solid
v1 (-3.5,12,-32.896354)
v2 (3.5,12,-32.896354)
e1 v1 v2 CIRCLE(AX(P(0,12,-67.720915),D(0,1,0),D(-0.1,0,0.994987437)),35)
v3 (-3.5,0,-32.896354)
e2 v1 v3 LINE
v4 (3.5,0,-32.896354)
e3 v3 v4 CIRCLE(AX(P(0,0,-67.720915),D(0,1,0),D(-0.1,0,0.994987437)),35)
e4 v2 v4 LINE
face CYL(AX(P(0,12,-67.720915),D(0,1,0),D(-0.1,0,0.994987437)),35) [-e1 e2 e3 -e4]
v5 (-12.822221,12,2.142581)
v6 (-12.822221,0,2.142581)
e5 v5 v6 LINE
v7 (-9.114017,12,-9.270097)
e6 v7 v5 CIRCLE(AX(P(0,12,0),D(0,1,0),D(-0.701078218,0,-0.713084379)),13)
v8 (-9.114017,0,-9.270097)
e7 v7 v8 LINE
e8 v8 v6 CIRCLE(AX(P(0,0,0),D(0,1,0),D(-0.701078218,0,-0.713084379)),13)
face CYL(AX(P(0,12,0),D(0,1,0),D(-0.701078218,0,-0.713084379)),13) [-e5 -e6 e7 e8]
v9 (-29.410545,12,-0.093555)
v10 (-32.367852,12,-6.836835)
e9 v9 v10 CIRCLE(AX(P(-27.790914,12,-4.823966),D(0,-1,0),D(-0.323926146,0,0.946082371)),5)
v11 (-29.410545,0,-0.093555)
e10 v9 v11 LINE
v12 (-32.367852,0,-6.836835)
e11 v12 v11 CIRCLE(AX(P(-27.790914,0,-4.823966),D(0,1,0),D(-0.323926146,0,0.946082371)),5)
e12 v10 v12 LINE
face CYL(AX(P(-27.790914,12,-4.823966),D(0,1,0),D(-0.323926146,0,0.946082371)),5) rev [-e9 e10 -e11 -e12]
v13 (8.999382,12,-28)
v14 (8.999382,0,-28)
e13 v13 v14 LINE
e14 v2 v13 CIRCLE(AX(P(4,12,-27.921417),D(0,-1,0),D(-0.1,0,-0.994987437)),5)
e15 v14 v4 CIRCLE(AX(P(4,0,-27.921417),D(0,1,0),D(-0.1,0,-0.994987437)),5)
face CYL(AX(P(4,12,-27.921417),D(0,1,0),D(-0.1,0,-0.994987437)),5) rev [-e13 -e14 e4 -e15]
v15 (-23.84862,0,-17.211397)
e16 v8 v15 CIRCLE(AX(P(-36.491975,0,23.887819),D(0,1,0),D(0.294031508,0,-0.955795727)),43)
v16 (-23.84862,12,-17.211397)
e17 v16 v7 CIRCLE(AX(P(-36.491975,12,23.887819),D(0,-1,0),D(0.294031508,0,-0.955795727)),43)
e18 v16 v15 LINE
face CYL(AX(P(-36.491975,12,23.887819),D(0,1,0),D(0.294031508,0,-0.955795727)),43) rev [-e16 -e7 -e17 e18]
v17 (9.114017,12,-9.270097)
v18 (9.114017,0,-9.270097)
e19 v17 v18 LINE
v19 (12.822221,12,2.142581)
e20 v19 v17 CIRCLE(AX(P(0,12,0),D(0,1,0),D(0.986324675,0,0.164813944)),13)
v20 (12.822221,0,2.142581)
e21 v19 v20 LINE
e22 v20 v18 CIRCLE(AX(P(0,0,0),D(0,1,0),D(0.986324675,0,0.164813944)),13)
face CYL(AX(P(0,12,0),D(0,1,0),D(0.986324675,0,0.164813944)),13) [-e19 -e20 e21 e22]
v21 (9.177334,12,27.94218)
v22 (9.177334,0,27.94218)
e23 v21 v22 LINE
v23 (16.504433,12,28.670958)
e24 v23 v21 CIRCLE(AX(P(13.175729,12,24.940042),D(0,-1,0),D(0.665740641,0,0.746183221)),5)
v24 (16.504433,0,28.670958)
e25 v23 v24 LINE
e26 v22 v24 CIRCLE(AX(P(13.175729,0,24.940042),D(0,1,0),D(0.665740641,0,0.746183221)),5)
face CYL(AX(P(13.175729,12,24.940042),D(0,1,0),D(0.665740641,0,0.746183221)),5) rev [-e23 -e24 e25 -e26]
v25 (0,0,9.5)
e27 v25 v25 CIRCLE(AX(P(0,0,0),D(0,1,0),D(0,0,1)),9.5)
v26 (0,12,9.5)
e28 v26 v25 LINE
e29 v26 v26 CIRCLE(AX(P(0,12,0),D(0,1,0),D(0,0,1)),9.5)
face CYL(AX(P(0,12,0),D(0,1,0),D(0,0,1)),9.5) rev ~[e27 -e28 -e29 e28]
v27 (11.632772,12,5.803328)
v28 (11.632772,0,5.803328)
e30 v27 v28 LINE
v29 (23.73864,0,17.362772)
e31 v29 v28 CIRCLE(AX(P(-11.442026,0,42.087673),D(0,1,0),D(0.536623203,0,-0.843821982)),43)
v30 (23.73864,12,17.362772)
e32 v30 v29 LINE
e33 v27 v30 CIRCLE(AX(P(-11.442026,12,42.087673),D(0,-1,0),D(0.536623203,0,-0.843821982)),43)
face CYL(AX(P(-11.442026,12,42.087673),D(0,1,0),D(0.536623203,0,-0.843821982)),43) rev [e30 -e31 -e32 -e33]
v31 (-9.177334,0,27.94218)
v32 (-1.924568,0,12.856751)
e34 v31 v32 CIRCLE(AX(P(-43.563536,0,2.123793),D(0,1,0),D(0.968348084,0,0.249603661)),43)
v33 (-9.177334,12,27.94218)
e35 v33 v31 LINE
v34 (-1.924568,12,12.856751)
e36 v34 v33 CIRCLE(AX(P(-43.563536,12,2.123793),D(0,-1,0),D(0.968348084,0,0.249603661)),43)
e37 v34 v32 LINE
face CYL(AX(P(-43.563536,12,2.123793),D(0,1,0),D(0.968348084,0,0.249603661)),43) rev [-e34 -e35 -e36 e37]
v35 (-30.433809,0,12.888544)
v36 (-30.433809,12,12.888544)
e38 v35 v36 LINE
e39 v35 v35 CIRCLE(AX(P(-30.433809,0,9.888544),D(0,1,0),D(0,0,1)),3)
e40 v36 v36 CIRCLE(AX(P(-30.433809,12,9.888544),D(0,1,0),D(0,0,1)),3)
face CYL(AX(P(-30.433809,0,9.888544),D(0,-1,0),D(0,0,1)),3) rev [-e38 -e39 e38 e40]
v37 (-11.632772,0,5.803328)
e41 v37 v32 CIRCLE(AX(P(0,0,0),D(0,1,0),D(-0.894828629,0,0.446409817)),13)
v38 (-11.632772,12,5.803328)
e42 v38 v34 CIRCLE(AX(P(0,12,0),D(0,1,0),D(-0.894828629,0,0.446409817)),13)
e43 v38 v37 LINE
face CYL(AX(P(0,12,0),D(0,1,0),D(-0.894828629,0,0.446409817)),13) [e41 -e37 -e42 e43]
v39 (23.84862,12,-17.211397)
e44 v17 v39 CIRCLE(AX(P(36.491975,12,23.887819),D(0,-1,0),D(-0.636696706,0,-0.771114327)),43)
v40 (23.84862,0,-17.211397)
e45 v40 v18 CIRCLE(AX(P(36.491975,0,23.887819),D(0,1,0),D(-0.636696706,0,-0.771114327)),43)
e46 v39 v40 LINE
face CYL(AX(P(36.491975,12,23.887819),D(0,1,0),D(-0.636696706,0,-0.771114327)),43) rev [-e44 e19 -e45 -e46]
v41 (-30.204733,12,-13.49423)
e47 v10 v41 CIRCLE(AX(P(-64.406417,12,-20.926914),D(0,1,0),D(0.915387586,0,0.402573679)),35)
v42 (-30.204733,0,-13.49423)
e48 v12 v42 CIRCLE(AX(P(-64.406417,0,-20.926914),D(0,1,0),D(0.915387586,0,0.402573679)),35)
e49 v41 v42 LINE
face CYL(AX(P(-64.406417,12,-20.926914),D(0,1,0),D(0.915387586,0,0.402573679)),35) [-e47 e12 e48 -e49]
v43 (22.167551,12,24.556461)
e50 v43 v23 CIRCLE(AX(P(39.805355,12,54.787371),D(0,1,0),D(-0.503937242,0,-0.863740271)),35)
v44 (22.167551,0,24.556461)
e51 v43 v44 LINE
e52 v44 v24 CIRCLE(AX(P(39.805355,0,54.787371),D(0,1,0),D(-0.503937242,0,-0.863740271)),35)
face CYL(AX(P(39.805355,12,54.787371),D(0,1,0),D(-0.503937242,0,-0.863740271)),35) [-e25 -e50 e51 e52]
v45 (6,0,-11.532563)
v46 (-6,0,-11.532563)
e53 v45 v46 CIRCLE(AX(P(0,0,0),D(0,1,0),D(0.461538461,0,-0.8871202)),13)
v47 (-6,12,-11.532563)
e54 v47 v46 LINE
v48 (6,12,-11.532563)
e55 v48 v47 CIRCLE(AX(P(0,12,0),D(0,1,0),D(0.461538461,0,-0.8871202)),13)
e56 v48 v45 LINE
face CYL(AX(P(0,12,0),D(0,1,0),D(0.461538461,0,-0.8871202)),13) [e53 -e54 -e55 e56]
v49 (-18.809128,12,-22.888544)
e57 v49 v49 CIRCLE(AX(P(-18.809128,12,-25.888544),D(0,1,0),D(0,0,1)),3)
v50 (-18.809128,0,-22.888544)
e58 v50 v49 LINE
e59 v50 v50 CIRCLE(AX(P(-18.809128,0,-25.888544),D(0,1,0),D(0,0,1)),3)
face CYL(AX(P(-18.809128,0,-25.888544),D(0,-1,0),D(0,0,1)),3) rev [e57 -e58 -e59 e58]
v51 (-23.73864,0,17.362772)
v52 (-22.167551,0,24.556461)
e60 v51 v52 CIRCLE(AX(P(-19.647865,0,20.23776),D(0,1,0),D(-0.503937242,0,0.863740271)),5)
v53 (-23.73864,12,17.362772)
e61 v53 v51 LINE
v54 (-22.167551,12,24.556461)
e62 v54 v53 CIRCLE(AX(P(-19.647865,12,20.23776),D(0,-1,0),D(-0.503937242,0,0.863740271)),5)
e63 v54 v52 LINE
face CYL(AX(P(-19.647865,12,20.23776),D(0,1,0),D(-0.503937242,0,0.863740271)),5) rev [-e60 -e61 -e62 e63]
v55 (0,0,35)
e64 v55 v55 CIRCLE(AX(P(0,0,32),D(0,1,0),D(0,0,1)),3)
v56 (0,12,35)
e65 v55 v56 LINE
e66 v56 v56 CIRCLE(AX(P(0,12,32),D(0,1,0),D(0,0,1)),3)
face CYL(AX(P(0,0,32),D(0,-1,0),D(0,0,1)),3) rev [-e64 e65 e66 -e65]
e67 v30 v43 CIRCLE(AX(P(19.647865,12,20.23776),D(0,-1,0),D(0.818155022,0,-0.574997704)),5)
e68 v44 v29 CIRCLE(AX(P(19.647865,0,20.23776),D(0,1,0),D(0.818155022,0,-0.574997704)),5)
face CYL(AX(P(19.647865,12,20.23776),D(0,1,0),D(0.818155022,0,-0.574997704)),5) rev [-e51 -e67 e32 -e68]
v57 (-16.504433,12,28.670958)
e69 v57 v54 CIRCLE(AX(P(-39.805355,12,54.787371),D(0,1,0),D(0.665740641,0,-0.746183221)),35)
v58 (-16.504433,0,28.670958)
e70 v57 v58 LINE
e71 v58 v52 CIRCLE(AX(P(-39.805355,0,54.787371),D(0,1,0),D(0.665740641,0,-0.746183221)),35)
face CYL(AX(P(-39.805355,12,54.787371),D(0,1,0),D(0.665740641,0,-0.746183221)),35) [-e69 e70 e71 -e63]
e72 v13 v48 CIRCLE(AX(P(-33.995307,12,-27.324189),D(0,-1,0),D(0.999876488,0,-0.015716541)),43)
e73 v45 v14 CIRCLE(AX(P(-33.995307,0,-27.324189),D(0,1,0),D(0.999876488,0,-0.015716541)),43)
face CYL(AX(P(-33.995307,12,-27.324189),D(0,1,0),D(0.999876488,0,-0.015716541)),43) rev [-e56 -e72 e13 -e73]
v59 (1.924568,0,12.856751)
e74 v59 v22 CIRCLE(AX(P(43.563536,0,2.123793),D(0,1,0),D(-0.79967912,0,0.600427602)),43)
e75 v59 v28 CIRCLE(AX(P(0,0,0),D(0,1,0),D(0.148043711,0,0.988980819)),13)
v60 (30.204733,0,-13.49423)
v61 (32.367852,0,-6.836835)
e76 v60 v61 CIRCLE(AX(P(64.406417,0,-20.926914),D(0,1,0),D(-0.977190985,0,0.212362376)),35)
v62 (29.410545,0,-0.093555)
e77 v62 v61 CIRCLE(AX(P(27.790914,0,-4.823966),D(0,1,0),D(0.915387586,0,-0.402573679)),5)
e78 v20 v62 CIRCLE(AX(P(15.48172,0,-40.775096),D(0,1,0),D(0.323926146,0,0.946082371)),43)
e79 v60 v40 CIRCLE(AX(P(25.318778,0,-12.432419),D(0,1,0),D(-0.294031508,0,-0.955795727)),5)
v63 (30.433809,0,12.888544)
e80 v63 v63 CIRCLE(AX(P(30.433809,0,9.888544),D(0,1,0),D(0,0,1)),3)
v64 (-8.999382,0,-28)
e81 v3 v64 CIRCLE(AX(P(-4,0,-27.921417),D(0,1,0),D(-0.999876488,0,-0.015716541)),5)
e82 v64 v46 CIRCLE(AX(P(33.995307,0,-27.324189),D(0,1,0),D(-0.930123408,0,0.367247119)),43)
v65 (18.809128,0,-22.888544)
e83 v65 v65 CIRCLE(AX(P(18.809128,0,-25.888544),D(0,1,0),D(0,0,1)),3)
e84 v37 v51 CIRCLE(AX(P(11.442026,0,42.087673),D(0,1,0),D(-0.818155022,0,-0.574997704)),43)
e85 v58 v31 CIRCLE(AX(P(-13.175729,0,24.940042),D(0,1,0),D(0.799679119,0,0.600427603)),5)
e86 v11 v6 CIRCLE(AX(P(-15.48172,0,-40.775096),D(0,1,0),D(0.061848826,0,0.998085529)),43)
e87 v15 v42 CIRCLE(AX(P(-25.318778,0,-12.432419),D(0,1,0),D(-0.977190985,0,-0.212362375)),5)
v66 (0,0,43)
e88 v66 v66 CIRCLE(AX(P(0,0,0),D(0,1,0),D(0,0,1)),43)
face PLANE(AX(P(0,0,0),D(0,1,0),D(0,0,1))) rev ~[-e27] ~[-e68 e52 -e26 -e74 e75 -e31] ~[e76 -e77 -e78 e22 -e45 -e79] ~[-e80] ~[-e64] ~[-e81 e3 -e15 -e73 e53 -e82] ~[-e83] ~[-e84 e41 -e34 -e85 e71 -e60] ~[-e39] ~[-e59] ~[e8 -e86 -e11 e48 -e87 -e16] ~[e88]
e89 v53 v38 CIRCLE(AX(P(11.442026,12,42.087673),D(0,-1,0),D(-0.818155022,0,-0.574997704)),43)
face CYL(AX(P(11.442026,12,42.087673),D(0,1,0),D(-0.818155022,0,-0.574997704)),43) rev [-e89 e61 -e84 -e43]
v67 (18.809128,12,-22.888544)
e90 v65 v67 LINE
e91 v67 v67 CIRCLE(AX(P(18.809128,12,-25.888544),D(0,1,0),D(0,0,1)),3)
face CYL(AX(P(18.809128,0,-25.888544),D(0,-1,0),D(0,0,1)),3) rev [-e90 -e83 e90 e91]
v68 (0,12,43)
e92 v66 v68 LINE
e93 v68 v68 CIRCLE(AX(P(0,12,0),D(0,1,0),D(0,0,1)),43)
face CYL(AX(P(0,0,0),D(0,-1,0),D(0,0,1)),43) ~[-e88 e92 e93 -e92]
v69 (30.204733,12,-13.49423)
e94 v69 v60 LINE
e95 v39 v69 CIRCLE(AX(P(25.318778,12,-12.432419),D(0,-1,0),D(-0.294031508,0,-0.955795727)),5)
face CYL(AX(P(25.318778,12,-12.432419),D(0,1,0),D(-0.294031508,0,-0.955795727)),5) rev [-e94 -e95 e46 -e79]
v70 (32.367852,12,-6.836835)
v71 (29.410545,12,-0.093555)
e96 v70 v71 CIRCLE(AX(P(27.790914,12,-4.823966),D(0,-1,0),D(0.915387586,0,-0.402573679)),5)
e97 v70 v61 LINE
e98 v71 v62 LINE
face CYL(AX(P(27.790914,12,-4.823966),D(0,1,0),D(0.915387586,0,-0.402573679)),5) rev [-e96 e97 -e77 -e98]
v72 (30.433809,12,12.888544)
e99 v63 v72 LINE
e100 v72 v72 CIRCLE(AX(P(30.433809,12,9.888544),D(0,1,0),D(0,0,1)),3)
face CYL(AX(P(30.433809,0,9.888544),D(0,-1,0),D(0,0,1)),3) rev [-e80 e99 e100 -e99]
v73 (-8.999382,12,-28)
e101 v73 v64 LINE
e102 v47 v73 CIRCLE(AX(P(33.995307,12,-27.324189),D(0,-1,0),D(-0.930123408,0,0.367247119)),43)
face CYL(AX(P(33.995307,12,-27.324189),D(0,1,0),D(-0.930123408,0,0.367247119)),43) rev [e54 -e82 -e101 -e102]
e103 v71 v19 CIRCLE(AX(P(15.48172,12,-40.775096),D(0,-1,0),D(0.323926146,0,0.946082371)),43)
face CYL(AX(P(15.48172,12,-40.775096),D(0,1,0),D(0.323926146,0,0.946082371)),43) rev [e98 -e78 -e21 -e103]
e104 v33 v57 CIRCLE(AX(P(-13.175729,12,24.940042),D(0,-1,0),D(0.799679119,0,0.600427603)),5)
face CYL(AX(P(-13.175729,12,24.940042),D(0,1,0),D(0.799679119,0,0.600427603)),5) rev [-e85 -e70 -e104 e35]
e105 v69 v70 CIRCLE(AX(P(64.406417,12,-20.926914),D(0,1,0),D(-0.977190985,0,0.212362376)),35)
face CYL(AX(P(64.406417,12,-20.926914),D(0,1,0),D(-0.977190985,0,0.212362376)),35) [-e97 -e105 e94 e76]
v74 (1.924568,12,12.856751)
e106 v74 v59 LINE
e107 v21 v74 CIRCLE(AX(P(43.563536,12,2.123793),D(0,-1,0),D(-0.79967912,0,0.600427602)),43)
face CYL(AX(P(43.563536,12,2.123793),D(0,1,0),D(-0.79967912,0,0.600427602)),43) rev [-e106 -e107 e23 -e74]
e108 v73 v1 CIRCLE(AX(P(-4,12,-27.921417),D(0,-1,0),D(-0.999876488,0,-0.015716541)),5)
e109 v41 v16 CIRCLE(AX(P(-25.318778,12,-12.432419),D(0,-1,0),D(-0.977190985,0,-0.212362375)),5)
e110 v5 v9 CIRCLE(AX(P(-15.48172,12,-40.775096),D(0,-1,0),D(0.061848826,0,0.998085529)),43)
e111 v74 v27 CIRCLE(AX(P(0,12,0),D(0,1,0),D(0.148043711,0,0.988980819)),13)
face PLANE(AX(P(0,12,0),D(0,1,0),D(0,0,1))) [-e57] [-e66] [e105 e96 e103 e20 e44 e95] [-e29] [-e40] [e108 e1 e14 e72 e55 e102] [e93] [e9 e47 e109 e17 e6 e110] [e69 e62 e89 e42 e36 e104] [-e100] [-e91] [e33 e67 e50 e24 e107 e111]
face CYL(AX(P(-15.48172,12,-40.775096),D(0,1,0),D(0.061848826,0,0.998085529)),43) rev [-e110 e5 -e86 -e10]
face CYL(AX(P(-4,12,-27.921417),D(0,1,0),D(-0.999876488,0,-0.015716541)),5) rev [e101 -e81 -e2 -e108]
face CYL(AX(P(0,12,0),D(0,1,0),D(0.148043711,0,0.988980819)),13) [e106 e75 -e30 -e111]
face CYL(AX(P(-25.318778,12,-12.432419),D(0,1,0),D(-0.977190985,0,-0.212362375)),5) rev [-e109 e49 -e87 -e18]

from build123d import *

# Parameters (mm, degrees)
SKETCH_1_R          = 43
SKETCH_1_R_2        = 3
EXTRUDE_1_DEPTH     = 12
SKETCH_2_R          = 9.5
CUT_EXTRUDE_1_DEPTH = 62.983868869


with BuildPart() as part:
    # 草图1 → 凸台-拉伸1 (new body)
    with BuildSketch(Plane(origin=(0, 0, 0), x_dir=(1, 0, 0), z_dir=(0, 1, 0))):
        with Locations(Location((0, 0, 0), (0, 0, 270))):
            Circle(SKETCH_1_R)
        with Locations(Location((0, -32, 0), (0, 0, 270))):
            Circle(SKETCH_1_R_2, mode=Mode.SUBTRACT)
        with Locations(Location((-30.433808521, -9.88854382, 0), (0, 0, 270))):
            Circle(SKETCH_1_R_2, mode=Mode.SUBTRACT)
        with Locations(Location((-18.809128073, 25.88854382, 0), (0, 0, 270))):
            Circle(SKETCH_1_R_2, mode=Mode.SUBTRACT)
        with Locations(Location((18.809128073, 25.88854382, 0), (0, 0, 270))):
            Circle(SKETCH_1_R_2, mode=Mode.SUBTRACT)
        with Locations(Location((30.433808521, -9.88854382, 0), (0, 0, 270))):
            Circle(SKETCH_1_R_2, mode=Mode.SUBTRACT)
    extrude(amount=EXTRUDE_1_DEPTH)

    # 草图2 → 切除-拉伸1 (cut, through all)
    with BuildSketch(Plane(origin=(0, 12, 0), x_dir=(1, 0, 0), z_dir=(0, 1, 0))):
        with Locations(Location((0, 0, 0), (0, 0, 270))):
            Circle(SKETCH_2_R)
        with BuildLine():
            ThreePointArc((6, 11.532562595), (0, 13), (-6, 11.532562595))
            ThreePointArc((-6, 11.532562595), (-8.308699922, 19.618928286), (-8.999382438, 28))
            ThreePointArc((-8.999382438, 28), (-7.324858249, 31.655760291), (-3.5, 32.896354479))
            ThreePointArc((-3.5, 32.896354479), (0, 32.720914778), (3.5, 32.896354479))
            ThreePointArc((3.5, 32.896354479), (7.324858249, 31.655760291), (8.999382438, 28))
            ThreePointArc((8.999382438, 28), (8.308699922, 19.618928286), (6, 11.532562595))
        make_face()
        with BuildLine():
            ThreePointArc((12.822220771, -2.142581267), (12.363734712, 4.017220927), (9.114016839, 9.270096928))
            ThreePointArc((9.114016839, 9.270096928), (16.091180112, 13.964625454), (23.848620344, 17.211397152))
            ThreePointArc((23.848620344, 17.211397152), (27.842911423, 16.748522069), (30.204732809, 13.494230394))
            ThreePointArc((30.204732809, 13.494230394), (31.119439219, 10.111318738), (32.36785177, 6.83683478))
            ThreePointArc((32.36785177, 6.83683478), (32.369922784, 2.815813731), (29.410544568, 0.093554533))
            ThreePointArc((29.410544568, 0.093554533), (21.226239066, -1.839460951), (12.822220771, -2.142581267))
        make_face()
        with BuildLine():
            ThreePointArc((1.924568248, -12.856750642), (7.64120828, -10.517220927), (11.632772181, -5.803327614))
            ThreePointArc((11.632772181, -5.803327614), (18.25359615, -10.988315115), (23.738640395, -17.362771566))
            ThreePointArc((23.738640395, -17.362771566), (24.532723854, -21.304604391), (22.167551497, -24.556461444))
            ThreePointArc((22.167551497, -24.556461444), (19.232871148, -26.471776127), (16.504432537, -28.67095821))
            ThreePointArc((16.504432537, -28.67095821), (12.680854244, -29.915491699), (9.177333733, -27.942180119))
            ThreePointArc((9.177333733, -27.942180119), (4.809837274, -20.755777674), (1.924568248, -12.856750642))
        make_face()
        with BuildLine():
            ThreePointArc((-11.632772181, -5.803327614), (-7.64120828, -10.517220927), (-1.924568248, -12.856750642))
            ThreePointArc((-1.924568248, -12.856750642), (-4.809837274, -20.755777674), (-9.177333733, -27.942180119))
            ThreePointArc((-9.177333733, -27.942180119), (-12.680854244, -29.915491699), (-16.504432537, -28.67095821))
            ThreePointArc((-16.504432537, -28.67095821), (-19.232871148, -26.471776127), (-22.167551497, -24.556461444))
            ThreePointArc((-22.167551497, -24.556461444), (-24.532723854, -21.304604391), (-23.738640395, -17.362771566))
            ThreePointArc((-23.738640395, -17.362771566), (-18.25359615, -10.988315115), (-11.632772181, -5.803327614))
        make_face()
        with BuildLine():
            ThreePointArc((-9.114016839, 9.270096928), (-12.363734712, 4.017220927), (-12.822220771, -2.142581267))
            ThreePointArc((-12.822220771, -2.142581267), (-21.226239066, -1.839460951), (-29.410544568, 0.093554533))
            ThreePointArc((-29.410544568, 0.093554533), (-32.369922784, 2.815813731), (-32.36785177, 6.83683478))
            ThreePointArc((-32.36785177, 6.83683478), (-31.119439219, 10.111318738), (-30.204732809, 13.494230394))
            ThreePointArc((-30.204732809, 13.494230394), (-27.842911423, 16.748522069), (-23.848620344, 17.211397152))
            ThreePointArc((-23.848620344, 17.211397152), (-16.091180112, 13.964625454), (-9.114016839, 9.270096928))
        make_face()
    extrude(amount=-CUT_EXTRUDE_1_DEPTH, mode=Mode.SUBTRACT)


solid = part.part
